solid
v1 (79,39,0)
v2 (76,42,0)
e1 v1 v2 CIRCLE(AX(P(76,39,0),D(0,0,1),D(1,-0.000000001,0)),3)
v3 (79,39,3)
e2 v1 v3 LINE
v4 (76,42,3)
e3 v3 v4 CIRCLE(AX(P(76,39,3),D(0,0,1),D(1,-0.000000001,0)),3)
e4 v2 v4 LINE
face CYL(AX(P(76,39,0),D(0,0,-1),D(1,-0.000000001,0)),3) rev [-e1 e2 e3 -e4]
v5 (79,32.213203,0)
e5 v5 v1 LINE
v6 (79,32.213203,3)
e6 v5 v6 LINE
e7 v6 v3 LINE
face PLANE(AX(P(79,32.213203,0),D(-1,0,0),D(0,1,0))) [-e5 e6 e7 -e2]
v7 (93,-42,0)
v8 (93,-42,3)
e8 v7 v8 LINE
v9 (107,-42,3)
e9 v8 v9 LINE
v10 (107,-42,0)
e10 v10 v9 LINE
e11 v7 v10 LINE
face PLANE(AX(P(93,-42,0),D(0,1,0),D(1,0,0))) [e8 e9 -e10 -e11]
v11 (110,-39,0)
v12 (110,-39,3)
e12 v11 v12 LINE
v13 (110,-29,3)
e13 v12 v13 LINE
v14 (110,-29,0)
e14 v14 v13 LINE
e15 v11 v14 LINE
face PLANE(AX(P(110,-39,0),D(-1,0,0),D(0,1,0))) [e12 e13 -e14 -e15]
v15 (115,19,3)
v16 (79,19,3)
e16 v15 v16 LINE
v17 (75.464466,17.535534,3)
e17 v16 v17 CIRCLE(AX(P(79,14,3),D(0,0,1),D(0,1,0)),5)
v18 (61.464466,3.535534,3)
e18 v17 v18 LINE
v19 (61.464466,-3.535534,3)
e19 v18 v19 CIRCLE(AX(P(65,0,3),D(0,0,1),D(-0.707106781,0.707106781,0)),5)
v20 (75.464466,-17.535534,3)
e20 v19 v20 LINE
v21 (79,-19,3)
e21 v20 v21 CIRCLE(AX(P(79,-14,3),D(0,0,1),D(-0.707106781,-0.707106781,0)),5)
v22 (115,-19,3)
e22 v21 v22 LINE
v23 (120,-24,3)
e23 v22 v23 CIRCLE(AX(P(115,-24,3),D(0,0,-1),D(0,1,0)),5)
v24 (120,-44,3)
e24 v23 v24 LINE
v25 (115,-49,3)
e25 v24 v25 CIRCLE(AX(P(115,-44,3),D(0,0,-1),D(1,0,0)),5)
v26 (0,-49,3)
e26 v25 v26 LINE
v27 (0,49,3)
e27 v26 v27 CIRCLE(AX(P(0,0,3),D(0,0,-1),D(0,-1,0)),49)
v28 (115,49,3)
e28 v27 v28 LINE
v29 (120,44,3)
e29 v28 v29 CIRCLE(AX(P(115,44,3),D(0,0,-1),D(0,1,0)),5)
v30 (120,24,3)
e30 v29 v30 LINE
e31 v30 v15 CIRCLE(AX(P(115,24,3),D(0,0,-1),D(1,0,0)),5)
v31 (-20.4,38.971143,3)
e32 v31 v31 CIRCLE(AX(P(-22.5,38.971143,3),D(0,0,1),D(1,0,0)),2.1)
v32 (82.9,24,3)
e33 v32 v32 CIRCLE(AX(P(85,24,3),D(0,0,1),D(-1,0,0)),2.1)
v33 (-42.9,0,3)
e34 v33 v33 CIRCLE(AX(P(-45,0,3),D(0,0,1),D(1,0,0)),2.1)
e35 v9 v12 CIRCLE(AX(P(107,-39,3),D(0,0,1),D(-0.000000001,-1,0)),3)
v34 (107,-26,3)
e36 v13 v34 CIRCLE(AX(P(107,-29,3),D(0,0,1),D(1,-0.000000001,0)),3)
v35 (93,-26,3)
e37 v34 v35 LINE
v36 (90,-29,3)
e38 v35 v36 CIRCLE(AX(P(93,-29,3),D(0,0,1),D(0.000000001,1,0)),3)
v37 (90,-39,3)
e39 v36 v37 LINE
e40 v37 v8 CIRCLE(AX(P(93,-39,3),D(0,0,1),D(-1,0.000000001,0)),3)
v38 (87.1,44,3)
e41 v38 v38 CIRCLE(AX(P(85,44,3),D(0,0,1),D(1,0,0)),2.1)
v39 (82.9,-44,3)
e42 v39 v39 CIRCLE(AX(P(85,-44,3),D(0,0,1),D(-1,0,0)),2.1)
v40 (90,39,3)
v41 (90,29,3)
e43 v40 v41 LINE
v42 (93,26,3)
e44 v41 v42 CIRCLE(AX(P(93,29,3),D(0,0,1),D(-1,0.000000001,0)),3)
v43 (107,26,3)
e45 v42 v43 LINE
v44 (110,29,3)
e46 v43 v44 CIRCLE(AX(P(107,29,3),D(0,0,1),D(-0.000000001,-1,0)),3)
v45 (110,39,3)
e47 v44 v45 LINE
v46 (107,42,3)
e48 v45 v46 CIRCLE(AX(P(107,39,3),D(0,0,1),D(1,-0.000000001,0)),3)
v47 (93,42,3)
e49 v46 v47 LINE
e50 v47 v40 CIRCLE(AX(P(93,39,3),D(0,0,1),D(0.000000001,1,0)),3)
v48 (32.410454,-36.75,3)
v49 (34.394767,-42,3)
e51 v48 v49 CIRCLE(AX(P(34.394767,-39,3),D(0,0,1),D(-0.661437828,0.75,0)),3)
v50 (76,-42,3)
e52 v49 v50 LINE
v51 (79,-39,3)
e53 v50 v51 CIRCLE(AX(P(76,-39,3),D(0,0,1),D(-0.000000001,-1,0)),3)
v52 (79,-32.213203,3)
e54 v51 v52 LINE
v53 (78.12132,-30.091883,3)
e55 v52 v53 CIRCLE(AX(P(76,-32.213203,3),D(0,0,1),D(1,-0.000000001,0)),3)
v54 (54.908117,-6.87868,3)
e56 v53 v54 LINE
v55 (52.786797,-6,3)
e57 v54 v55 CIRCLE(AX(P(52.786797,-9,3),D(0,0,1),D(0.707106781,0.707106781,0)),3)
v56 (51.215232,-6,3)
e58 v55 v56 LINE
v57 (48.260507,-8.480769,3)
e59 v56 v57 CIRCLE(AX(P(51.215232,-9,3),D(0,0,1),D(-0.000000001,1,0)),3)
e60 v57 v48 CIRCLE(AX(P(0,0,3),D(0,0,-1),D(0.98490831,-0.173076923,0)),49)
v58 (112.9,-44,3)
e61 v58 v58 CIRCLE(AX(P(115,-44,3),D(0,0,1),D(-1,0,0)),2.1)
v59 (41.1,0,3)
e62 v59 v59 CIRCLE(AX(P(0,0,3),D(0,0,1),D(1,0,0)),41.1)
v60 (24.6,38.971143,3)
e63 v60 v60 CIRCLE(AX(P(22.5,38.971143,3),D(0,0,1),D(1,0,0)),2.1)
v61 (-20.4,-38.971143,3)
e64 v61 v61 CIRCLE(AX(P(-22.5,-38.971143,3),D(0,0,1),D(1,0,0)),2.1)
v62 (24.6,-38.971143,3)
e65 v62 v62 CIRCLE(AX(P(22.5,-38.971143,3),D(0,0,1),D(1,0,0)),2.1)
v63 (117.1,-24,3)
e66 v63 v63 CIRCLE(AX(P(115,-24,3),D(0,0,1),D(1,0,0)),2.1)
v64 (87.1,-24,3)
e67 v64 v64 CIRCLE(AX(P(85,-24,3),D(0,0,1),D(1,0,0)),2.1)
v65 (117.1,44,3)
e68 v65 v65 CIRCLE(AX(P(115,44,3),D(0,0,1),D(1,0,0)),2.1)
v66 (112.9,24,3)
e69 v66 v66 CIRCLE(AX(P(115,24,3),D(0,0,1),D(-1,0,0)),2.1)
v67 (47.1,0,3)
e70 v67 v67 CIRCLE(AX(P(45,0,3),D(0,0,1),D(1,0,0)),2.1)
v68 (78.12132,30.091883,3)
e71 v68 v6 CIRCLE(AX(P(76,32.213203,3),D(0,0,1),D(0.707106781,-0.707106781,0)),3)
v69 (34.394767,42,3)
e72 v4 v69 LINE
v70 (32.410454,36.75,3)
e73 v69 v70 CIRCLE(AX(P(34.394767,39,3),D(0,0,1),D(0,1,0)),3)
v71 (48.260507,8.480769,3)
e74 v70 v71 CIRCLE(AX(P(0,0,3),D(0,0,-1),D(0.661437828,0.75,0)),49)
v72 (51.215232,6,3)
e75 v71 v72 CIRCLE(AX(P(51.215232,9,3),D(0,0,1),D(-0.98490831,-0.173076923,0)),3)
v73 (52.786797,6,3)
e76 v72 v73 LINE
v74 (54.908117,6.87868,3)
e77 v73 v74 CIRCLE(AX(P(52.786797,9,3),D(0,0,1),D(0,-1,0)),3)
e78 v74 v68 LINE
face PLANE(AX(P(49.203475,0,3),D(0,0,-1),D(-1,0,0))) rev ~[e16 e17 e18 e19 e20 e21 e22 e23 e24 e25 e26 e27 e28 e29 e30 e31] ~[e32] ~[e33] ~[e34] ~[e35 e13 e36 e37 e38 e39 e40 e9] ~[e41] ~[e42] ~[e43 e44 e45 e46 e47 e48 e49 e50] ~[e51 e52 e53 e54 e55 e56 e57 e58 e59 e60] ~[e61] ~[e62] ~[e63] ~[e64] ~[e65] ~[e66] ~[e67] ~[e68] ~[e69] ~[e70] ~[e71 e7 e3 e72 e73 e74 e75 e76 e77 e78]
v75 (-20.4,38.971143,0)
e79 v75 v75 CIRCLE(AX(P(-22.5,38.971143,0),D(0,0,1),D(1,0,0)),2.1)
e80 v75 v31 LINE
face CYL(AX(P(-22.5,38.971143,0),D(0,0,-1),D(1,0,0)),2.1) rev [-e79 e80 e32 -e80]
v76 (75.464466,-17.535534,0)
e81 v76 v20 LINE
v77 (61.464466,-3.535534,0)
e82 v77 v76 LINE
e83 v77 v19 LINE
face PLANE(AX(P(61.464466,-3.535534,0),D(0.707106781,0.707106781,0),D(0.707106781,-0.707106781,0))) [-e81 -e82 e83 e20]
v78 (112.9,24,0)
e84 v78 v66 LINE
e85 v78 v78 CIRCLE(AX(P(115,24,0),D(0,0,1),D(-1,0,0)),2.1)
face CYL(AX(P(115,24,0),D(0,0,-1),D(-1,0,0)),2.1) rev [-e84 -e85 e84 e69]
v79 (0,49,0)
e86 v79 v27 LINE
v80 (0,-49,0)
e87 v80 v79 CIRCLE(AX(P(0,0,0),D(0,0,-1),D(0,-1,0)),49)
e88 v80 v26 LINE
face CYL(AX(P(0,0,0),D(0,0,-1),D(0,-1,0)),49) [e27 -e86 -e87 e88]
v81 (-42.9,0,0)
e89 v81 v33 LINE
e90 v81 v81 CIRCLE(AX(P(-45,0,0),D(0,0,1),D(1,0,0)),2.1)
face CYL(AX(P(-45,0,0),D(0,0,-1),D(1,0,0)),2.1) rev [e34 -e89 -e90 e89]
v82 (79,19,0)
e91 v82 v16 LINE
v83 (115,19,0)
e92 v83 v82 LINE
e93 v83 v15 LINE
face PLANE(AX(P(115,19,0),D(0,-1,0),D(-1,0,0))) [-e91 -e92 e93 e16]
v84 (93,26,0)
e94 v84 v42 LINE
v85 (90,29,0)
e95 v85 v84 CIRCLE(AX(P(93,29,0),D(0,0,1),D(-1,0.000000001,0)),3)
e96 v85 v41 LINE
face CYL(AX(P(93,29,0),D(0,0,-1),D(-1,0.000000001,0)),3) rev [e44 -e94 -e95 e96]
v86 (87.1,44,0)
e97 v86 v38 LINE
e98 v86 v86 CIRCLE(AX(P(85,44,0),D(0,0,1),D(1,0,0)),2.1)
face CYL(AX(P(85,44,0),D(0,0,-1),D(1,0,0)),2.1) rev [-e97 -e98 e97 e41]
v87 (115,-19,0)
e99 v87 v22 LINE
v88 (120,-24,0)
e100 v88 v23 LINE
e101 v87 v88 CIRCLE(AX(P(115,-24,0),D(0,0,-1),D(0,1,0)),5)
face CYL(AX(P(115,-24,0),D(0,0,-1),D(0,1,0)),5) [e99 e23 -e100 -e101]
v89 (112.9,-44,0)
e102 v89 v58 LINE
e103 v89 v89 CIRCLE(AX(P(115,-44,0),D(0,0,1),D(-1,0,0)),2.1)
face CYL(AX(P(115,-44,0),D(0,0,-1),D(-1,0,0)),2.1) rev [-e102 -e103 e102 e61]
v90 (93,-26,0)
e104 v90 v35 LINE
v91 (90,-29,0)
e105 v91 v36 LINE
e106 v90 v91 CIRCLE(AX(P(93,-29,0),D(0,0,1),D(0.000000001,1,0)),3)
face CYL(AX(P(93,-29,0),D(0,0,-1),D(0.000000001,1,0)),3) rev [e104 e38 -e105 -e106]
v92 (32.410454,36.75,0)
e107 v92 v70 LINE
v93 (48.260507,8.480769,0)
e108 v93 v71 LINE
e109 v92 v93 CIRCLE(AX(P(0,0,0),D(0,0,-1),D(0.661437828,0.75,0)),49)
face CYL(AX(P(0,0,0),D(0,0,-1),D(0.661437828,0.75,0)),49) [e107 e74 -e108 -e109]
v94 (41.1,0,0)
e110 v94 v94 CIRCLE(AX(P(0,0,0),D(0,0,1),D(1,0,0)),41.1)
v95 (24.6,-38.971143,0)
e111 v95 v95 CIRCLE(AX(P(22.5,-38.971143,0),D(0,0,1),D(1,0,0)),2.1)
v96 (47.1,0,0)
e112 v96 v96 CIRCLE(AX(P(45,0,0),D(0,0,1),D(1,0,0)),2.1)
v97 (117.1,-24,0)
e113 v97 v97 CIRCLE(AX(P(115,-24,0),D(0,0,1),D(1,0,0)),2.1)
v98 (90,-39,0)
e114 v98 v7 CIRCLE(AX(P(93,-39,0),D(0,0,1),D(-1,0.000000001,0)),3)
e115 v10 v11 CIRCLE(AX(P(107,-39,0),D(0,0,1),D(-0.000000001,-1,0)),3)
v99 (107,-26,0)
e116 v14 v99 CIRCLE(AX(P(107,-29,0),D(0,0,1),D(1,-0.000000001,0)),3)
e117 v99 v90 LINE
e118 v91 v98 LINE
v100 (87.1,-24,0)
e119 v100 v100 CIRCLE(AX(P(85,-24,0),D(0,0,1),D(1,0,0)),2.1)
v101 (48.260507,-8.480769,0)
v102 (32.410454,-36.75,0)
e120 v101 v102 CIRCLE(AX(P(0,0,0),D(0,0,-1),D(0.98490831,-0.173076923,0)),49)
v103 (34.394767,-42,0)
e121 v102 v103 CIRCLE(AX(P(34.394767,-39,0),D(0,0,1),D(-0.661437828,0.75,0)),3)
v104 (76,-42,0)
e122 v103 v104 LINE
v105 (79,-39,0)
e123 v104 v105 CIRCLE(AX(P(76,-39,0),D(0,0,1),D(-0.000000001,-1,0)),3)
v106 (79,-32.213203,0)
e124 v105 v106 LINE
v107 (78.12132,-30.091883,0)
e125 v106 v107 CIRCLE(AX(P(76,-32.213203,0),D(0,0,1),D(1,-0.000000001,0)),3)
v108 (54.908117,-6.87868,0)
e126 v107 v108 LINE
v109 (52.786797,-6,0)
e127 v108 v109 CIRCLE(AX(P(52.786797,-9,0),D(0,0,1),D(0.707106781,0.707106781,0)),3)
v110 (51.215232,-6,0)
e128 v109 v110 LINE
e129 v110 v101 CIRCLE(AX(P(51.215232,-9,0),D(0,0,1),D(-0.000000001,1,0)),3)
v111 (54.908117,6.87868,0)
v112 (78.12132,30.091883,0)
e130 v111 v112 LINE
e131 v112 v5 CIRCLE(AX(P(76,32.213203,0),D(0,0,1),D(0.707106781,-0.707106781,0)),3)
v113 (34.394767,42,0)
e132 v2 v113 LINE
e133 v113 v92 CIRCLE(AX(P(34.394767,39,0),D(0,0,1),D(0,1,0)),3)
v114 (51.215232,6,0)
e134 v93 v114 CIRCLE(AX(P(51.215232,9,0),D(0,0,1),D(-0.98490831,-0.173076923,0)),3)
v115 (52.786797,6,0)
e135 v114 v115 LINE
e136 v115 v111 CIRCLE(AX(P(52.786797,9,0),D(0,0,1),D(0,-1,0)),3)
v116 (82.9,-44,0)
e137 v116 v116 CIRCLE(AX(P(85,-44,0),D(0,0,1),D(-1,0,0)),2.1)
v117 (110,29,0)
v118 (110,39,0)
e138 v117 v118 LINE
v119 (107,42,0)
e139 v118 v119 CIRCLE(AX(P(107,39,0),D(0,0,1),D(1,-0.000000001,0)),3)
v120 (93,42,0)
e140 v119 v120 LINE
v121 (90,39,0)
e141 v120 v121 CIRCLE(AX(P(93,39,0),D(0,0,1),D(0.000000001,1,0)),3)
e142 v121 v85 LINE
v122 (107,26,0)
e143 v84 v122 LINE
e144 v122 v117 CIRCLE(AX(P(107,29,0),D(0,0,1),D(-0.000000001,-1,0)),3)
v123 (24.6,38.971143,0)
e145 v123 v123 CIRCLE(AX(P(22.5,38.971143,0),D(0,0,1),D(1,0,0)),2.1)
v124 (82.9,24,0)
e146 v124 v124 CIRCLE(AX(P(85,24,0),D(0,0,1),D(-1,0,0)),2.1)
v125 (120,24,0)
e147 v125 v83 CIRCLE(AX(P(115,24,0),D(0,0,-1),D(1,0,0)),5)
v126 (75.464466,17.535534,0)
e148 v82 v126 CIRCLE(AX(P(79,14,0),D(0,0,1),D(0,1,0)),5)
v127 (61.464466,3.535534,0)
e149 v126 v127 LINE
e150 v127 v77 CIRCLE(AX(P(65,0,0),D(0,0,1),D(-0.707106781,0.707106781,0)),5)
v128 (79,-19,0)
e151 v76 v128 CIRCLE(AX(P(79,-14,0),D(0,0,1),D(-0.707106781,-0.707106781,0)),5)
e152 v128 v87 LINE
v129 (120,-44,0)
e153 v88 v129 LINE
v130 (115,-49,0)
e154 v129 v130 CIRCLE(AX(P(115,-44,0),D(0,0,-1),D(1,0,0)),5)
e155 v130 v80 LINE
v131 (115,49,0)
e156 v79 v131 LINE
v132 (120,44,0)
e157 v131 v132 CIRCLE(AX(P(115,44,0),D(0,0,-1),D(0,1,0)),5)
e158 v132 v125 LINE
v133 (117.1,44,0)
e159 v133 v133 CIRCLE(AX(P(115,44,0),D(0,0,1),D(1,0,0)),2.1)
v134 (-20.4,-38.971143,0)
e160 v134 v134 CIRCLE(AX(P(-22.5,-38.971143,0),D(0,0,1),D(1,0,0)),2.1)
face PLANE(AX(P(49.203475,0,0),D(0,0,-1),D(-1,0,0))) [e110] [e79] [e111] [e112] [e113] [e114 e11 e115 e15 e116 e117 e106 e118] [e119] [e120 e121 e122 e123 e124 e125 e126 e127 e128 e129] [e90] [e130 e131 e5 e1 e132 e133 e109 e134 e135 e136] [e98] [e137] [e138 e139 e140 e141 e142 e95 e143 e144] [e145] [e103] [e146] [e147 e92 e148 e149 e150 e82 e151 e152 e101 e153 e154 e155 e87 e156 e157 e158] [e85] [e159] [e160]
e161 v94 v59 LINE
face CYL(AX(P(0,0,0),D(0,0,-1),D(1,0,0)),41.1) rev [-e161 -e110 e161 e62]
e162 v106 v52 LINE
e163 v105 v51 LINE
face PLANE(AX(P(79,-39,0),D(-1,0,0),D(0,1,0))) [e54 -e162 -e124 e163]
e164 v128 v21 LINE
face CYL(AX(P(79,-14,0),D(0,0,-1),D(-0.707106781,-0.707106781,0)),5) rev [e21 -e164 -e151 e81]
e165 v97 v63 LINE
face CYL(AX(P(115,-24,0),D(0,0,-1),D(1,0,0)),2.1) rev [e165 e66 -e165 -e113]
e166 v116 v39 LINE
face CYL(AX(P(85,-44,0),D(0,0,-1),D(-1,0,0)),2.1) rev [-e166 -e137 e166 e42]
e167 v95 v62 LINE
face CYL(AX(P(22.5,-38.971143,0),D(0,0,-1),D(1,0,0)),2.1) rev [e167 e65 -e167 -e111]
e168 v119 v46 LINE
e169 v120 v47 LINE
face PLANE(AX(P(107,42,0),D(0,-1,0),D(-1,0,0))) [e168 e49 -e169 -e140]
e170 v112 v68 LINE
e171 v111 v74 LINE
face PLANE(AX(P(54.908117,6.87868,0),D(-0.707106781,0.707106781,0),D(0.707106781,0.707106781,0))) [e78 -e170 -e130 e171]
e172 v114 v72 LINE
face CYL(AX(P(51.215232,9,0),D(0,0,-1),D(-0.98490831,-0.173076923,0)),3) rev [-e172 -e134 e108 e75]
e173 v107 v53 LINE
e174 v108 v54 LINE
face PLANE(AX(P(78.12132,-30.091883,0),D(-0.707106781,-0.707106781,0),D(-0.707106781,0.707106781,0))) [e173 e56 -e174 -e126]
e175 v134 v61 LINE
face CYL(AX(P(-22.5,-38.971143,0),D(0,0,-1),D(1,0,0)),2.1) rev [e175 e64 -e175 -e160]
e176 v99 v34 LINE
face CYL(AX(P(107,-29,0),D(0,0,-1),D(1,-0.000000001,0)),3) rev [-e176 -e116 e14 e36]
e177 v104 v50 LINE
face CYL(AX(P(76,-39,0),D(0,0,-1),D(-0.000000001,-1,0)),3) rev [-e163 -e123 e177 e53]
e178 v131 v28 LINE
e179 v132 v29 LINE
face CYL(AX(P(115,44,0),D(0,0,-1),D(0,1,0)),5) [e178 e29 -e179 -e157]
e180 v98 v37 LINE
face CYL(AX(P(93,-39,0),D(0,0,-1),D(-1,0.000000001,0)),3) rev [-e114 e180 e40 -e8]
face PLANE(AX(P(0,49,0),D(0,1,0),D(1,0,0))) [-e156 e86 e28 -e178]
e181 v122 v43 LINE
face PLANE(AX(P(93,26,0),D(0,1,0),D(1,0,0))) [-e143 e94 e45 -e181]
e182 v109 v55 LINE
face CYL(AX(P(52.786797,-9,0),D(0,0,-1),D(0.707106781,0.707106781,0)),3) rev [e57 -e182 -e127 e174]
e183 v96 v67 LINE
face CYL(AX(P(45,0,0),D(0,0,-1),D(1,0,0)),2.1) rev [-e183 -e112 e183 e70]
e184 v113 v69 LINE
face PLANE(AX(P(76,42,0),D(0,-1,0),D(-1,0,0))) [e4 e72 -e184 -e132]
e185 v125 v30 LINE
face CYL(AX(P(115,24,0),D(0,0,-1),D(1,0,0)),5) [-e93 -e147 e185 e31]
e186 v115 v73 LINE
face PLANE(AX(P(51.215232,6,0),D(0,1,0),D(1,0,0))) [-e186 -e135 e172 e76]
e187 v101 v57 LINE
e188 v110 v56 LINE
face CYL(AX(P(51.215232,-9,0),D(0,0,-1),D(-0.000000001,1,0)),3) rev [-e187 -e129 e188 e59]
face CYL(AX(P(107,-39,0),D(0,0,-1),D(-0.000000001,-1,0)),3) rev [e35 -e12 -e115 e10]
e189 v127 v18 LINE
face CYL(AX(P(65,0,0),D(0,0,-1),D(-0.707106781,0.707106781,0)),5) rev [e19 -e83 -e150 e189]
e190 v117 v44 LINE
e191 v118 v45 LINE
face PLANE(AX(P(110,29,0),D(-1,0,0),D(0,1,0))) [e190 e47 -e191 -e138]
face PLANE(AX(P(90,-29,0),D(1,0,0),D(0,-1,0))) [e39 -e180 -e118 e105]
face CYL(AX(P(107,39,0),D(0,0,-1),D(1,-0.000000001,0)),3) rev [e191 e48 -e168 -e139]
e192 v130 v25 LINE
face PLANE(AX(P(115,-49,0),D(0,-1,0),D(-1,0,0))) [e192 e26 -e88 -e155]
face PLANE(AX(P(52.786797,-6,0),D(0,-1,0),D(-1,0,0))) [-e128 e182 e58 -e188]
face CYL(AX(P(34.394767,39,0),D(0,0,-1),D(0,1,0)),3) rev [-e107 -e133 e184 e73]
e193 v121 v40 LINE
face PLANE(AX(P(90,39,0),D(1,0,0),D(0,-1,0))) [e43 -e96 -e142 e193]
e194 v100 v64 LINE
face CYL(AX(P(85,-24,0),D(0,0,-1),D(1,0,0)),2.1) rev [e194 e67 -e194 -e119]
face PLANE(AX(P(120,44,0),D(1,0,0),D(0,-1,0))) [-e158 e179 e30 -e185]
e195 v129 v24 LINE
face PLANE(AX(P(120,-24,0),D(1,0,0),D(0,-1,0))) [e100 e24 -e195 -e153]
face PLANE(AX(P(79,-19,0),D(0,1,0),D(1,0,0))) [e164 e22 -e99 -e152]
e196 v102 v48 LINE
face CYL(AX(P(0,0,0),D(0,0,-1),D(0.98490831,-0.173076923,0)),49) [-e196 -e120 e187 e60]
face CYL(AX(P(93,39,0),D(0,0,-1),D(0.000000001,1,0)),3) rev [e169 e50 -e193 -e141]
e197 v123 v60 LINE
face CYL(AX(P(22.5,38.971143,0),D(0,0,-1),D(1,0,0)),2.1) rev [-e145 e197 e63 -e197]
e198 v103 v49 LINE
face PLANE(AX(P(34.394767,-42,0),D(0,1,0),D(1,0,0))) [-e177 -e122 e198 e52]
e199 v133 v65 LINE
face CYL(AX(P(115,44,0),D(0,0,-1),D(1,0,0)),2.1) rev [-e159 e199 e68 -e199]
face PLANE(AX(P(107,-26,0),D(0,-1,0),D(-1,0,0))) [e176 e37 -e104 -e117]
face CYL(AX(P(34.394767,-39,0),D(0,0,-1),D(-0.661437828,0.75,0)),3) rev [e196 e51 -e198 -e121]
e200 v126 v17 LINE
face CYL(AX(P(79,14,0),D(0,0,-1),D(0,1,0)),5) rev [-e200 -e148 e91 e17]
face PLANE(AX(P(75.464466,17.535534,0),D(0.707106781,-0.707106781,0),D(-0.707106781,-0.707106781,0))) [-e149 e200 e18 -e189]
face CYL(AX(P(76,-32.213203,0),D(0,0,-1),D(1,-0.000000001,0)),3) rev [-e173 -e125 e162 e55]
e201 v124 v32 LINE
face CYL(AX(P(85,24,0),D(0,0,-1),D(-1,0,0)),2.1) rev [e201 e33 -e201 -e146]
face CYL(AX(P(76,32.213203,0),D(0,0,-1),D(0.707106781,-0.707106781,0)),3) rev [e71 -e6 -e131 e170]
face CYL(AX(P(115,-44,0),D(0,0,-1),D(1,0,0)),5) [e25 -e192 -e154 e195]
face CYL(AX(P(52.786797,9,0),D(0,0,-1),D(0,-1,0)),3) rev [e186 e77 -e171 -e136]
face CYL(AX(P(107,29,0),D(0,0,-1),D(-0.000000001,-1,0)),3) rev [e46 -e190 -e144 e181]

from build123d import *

# Parameters (mm, degrees)
SKETCH_1_R          = 2.1
SKETCH_1_R_2        = 41.1
EXTRUDE_1_DEPTH     = 3
SKETCH_2_R          = 2.1
CUT_EXTRUDE_1_DEPTH = 3


with BuildPart() as part:
    # 草图1 → 凸台-拉伸1 (new body)
    with BuildSketch(Plane.XY):
        with BuildLine():
            Line((0, 49), (115, 49))
            ThreePointArc((115, 49), (118.535533906, 47.535533906), (120, 44))
            Line((120, 44), (120, 24))
            ThreePointArc((120, 24), (118.535533906, 20.464466094), (115, 19))
            Line((115, 19), (79, 19))
            ThreePointArc((79, 19), (77.086582838, 18.619397663), (75.464466094, 17.535533906))
            Line((75.464466094, 17.535533906), (61.464466094, 3.535533906))
            ThreePointArc((61.464466094, 3.535533906), (60, 0), (61.464466094, -3.535533906))
            Line((61.464466094, -3.535533906), (75.464466094, -17.535533906))
            ThreePointArc((75.464466094, -17.535533906), (77.086582838, -18.619397663), (79, -19))
            Line((79, -19), (115, -19))
            ThreePointArc((115, -19), (118.535533906, -20.464466094), (120, -24))
            Line((120, -24), (120, -44))
            ThreePointArc((120, -44), (118.535533906, -47.535533906), (115, -49))
            Line((115, -49), (0, -49))
            ThreePointArc((0, -49), (-49, 0), (0, 49))
        make_face()
        with Locations((-45, 0)):
            Circle(SKETCH_1_R, mode=Mode.SUBTRACT)
        with Locations((-22.5, 38.97114317)):
            Circle(SKETCH_1_R, mode=Mode.SUBTRACT)
        with Locations((22.5, 38.97114317)):
            Circle(SKETCH_1_R, mode=Mode.SUBTRACT)
        with Locations((45, 0)):
            Circle(SKETCH_1_R, mode=Mode.SUBTRACT)
        with Locations((22.5, -38.97114317)):
            Circle(SKETCH_1_R, mode=Mode.SUBTRACT)
        with Locations((-22.5, -38.97114317)):
            Circle(SKETCH_1_R, mode=Mode.SUBTRACT)
        Circle(SKETCH_1_R_2, mode=Mode.SUBTRACT)
        with BuildLine():
            Line((93, -42), (107, -42))
            ThreePointArc((107, -42), (109.121320344, -41.121320344), (110, -39))
            Line((110, -39), (110, -29))
            ThreePointArc((110, -29), (109.121320344, -26.878679656), (107, -26))
            Line((107, -26), (93, -26))
            ThreePointArc((93, -26), (90.878679656, -26.878679656), (90, -29))
            Line((90, -29), (90, -39))
            ThreePointArc((90, -39), (90.878679656, -41.121320344), (93, -42))
        make_face(mode=Mode.SUBTRACT)
        with BuildLine():
            Line((34.394767044, -42), (76, -42))
            ThreePointArc((76, -42), (78.121320344, -41.121320344), (79, -39))
            Line((79, -39), (79, -32.213203436))
            ThreePointArc((79, -32.213203436), (78.771638598, -31.065153138), (78.121320344, -30.091883092))
            Line((78.121320344, -30.091883092), (54.908116908, -6.878679656))
            ThreePointArc((54.908116908, -6.878679656), (53.934846861, -6.228361402), (52.786796564, -6))
            Line((52.786796564, -6), (51.215232109, -6))
            ThreePointArc((51.215232109, -6), (49.28620286, -6.702426029), (48.26050718, -8.480769231))
            ThreePointArc((48.26050718, -8.480769231), (42.740359483, -23.963757452), (32.410453561, -36.75))
            ThreePointArc((32.410453561, -36.75), (31.588524004, -40.060660172), (34.394767044, -42))
        make_face(mode=Mode.SUBTRACT)
        with BuildLine():
            Line((93, 26), (107, 26))
            ThreePointArc((107, 26), (109.121320344, 26.878679656), (110, 29))
            Line((110, 29), (110, 39))
            ThreePointArc((110, 39), (109.121320344, 41.121320344), (107, 42))
            Line((107, 42), (93, 42))
            ThreePointArc((93, 42), (90.878679656, 41.121320344), (90, 39))
            Line((90, 39), (90, 29))
            ThreePointArc((90, 29), (90.878679656, 26.878679656), (93, 26))
        make_face(mode=Mode.SUBTRACT)
        with BuildLine():
            Line((51.215232109, 6), (52.786796564, 6))
            ThreePointArc((52.786796564, 6), (53.934846861, 6.228361402), (54.908116908, 6.878679656))
            Line((54.908116908, 6.878679656), (78.121320344, 30.091883092))
            ThreePointArc((78.121320344, 30.091883092), (78.771638598, 31.065153139), (79, 32.213203436))
            Line((79, 32.213203436), (79, 39))
            ThreePointArc((79, 39), (78.121320344, 41.121320344), (76, 42))
            Line((76, 42), (34.394767044, 42))
            ThreePointArc((34.394767044, 42), (31.588524004, 40.060660172), (32.410453561, 36.75))
            ThreePointArc((32.410453561, 36.75), (42.740359483, 23.963757452), (48.26050718, 8.480769231))
            ThreePointArc((48.26050718, 8.480769231), (49.28620286, 6.702426029), (51.215232109, 6))
        make_face(mode=Mode.SUBTRACT)
    extrude(amount=EXTRUDE_1_DEPTH)

    # 草图2 → 切除-拉伸1 (cut)
    with BuildSketch(Plane.XY):
        with Locations((85, 44)):
            Circle(SKETCH_2_R)
        with Locations((115, 44)):
            Circle(SKETCH_2_R)
        with Locations(Location((115, 24, 0), (0, 0, 180))):
            Circle(SKETCH_2_R)
        with Locations(Location((85, 24, 0), (0, 0, 180))):
            Circle(SKETCH_2_R)
        with Locations((85, -24)):
            Circle(SKETCH_2_R)
        with Locations((115, -24)):
            Circle(SKETCH_2_R)
        with Locations(Location((115, -44, 0), (0, 0, 180))):
            Circle(SKETCH_2_R)
        with Locations(Location((85, -44, 0), (0, 0, 180))):
            Circle(SKETCH_2_R)
    extrude(amount=CUT_EXTRUDE_1_DEPTH, mode=Mode.SUBTRACT)


solid = part.part
